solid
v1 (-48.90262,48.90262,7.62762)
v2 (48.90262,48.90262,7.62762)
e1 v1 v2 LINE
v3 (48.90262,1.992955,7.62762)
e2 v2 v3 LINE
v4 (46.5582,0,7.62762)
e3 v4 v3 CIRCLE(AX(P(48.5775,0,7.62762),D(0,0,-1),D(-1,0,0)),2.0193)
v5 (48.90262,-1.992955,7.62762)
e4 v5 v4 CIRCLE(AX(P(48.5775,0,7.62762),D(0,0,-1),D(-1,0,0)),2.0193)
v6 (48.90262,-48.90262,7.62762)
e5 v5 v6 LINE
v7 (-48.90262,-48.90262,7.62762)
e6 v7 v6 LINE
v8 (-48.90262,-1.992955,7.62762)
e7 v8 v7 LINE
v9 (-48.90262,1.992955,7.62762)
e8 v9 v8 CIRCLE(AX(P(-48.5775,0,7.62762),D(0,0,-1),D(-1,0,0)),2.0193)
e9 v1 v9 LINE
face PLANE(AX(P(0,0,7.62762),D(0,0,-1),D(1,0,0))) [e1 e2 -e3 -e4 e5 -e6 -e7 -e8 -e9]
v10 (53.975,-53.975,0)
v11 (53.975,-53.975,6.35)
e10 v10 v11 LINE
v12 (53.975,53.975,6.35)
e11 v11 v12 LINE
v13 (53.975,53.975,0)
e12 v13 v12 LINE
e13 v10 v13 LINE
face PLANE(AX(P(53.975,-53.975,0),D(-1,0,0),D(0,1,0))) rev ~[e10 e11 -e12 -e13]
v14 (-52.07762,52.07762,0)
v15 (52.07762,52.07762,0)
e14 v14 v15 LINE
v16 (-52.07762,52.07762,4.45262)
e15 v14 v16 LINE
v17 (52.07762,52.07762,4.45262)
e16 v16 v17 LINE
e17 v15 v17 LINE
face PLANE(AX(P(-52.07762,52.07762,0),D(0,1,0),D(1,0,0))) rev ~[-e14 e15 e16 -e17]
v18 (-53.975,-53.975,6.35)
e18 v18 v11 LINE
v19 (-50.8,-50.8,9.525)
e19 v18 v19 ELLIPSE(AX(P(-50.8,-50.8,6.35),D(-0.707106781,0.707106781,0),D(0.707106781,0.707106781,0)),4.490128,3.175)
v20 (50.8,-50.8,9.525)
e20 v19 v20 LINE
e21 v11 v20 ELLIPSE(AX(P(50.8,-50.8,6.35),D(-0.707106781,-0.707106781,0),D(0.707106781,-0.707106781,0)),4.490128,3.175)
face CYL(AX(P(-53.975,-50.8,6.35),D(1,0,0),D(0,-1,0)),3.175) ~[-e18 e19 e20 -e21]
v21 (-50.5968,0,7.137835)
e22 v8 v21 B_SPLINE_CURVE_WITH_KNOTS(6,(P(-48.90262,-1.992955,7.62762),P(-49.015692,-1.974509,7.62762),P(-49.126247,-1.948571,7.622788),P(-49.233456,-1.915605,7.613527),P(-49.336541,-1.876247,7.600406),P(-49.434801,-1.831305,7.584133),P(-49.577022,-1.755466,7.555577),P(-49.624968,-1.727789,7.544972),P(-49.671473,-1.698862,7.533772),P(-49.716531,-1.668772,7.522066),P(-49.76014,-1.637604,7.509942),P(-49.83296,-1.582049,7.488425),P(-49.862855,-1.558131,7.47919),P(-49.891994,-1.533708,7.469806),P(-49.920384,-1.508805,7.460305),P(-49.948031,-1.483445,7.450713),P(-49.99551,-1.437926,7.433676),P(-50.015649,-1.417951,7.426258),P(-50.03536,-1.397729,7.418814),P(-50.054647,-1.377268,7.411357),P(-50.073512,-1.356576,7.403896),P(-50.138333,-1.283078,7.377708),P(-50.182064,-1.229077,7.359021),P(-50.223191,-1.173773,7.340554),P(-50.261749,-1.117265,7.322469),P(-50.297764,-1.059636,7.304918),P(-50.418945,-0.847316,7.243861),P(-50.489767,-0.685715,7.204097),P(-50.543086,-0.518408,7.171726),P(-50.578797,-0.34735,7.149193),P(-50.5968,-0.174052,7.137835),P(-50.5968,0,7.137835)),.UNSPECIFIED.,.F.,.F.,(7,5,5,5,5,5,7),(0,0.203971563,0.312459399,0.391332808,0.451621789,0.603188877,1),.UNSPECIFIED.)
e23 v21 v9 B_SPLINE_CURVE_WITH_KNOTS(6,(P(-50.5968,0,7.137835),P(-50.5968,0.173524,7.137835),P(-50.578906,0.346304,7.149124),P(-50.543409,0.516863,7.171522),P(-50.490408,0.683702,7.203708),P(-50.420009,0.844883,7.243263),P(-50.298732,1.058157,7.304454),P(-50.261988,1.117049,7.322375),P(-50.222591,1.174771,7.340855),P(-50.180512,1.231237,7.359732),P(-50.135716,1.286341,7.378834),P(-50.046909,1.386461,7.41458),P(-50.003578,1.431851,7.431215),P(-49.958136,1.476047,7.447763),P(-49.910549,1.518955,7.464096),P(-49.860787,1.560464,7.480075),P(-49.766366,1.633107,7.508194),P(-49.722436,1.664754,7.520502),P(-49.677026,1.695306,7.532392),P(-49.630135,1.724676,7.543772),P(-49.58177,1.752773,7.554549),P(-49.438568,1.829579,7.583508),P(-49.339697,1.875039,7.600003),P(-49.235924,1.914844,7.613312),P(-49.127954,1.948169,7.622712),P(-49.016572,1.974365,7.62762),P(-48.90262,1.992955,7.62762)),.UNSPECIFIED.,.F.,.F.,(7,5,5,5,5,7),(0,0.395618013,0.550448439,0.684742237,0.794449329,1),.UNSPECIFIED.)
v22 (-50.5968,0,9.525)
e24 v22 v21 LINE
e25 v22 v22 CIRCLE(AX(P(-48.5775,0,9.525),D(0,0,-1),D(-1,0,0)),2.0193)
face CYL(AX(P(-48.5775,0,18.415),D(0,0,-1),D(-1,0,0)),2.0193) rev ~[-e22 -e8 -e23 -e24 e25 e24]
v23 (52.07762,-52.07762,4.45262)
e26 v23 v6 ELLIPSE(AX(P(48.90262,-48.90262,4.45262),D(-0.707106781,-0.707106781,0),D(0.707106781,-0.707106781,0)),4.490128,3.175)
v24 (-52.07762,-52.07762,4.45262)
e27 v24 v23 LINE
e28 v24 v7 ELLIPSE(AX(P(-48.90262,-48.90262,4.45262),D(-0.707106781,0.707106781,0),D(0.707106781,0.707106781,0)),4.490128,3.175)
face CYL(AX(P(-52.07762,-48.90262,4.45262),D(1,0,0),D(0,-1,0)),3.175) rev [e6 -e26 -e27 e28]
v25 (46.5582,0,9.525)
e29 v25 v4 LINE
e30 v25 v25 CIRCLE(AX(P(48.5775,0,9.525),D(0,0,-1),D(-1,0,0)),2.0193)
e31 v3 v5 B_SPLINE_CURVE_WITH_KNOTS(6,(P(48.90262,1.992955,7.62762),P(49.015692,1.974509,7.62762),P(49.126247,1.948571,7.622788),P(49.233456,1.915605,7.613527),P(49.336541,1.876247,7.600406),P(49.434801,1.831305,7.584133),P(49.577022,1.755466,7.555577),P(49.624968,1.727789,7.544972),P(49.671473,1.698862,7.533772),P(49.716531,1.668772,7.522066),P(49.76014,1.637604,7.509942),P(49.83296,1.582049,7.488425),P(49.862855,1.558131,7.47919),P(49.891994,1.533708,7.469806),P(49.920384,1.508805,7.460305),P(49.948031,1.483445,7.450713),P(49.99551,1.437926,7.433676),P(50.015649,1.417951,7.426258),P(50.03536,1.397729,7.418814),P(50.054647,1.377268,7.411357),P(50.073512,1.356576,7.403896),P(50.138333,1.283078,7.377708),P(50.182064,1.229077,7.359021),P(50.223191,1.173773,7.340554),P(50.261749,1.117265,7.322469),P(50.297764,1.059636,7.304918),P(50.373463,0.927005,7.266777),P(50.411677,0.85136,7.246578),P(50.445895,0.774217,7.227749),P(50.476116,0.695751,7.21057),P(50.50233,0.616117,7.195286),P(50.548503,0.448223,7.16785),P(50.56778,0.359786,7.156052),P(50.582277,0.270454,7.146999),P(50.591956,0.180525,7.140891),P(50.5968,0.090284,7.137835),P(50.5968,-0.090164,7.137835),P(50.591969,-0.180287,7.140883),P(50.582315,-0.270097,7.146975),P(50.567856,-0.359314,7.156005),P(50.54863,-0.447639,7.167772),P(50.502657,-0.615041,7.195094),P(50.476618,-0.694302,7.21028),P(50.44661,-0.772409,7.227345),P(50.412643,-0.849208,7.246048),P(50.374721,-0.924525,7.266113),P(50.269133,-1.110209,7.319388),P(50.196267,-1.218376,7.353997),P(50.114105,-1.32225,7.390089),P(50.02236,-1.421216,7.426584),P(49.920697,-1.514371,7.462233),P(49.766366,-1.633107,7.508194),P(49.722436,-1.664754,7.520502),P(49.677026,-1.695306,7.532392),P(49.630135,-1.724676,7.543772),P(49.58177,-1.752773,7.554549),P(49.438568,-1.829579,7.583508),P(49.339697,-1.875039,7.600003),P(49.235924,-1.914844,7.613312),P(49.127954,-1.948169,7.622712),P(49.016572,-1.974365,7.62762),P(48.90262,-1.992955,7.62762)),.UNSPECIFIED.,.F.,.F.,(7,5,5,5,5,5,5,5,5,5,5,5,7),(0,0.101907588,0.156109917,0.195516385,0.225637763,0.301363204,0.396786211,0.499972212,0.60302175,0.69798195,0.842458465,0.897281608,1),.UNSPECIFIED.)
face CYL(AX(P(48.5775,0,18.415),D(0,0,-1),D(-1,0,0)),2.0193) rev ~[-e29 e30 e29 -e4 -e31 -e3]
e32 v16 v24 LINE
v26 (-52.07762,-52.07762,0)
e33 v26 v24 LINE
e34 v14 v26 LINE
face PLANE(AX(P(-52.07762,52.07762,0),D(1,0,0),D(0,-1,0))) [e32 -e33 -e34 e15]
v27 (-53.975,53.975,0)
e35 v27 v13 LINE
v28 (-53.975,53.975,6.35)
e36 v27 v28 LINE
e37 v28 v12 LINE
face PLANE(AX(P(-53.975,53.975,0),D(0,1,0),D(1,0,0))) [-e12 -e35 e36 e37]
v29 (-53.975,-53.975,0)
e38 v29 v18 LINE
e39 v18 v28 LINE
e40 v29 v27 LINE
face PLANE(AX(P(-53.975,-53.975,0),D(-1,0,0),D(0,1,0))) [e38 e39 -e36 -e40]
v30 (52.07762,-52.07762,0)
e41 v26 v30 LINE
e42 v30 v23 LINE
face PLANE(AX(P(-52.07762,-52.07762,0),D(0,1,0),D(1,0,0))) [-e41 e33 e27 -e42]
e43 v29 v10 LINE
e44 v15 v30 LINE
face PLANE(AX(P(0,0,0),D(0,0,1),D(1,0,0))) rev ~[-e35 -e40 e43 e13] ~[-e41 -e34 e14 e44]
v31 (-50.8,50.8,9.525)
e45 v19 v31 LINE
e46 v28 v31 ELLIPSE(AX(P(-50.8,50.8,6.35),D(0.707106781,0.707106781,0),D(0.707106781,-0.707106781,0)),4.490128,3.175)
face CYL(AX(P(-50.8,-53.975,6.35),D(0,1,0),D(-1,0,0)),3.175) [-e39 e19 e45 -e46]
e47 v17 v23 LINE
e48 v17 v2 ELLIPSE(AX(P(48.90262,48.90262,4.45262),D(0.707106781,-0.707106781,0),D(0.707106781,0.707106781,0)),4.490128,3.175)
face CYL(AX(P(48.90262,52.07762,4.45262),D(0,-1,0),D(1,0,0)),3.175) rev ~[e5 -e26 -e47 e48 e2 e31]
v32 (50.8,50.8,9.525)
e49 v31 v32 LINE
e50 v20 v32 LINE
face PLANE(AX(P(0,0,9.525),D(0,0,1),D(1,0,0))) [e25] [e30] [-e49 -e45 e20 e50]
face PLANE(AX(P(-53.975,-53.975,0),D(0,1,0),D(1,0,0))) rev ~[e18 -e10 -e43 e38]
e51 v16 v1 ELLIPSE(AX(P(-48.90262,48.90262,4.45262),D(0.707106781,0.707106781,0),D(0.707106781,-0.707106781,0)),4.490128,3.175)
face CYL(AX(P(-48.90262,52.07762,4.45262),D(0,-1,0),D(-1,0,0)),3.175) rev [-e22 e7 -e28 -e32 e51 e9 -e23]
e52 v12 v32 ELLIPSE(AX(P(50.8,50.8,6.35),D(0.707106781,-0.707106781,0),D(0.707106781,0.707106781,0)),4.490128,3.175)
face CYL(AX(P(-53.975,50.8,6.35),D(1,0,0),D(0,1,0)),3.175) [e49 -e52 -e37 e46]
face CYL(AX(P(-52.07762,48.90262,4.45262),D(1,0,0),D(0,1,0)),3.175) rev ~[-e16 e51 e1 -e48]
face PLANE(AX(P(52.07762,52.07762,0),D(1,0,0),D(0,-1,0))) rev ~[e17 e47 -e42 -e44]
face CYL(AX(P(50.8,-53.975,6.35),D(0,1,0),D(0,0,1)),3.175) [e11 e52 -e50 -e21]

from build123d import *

# Parameters (mm, degrees)
F0_W     = 107.95
F0_H     = 107.95
F1_DEPTH = 9.525
F2_W     = 104.15524
F2_H     = 104.15524
F3_DEPTH = 7.62762
F4_R     = 3.175
F6_D     = 4.0386
F6_DEPTH = 8.89
F6_TIP   = 1.213317848


with BuildPart() as f1:
    # F0 (on Top) → F1 (new body)
    with BuildSketch(Plane.XY):
        Rectangle(F0_W, F0_H)
    extrude(amount=F1_DEPTH)

    # F2 (on face) → F3 (cut)
    with BuildSketch(Plane(origin=(0, 0, 0), x_dir=(1, 0, 0), z_dir=(0, 0, -1))):
        Rectangle(F2_W, F2_H)
    extrude(amount=-F3_DEPTH, mode=Mode.SUBTRACT)

    # F4
    f4_edges = [f1.edges().sort_by_distance(p)[0] for p in [
        (0, -52.07762, 7.62762),
        (-52.07762, 0, 7.62762),
        (0, 52.07762, 7.62762),
        (52.07762, 0, 7.62762),
        (0, 53.975, 9.525),
        (-53.975, 0, 9.525),
        (0, -53.975, 9.525),
        (53.975, 0, 9.525),
    ]]
    fillet(f4_edges, radius=F4_R)

    # F6
    with Locations(Plane.XY.offset(9.525)):
        with Locations((-48.5775, 0), (48.5775, 0)):
            Hole(F6_D / 2, depth=F6_DEPTH)
            with Locations((0, 0, -(F6_DEPTH + F6_TIP / 2))):  # 118° drill point
                Cone(0, F6_D / 2, F6_TIP, mode=Mode.SUBTRACT)


solid = f1.part
